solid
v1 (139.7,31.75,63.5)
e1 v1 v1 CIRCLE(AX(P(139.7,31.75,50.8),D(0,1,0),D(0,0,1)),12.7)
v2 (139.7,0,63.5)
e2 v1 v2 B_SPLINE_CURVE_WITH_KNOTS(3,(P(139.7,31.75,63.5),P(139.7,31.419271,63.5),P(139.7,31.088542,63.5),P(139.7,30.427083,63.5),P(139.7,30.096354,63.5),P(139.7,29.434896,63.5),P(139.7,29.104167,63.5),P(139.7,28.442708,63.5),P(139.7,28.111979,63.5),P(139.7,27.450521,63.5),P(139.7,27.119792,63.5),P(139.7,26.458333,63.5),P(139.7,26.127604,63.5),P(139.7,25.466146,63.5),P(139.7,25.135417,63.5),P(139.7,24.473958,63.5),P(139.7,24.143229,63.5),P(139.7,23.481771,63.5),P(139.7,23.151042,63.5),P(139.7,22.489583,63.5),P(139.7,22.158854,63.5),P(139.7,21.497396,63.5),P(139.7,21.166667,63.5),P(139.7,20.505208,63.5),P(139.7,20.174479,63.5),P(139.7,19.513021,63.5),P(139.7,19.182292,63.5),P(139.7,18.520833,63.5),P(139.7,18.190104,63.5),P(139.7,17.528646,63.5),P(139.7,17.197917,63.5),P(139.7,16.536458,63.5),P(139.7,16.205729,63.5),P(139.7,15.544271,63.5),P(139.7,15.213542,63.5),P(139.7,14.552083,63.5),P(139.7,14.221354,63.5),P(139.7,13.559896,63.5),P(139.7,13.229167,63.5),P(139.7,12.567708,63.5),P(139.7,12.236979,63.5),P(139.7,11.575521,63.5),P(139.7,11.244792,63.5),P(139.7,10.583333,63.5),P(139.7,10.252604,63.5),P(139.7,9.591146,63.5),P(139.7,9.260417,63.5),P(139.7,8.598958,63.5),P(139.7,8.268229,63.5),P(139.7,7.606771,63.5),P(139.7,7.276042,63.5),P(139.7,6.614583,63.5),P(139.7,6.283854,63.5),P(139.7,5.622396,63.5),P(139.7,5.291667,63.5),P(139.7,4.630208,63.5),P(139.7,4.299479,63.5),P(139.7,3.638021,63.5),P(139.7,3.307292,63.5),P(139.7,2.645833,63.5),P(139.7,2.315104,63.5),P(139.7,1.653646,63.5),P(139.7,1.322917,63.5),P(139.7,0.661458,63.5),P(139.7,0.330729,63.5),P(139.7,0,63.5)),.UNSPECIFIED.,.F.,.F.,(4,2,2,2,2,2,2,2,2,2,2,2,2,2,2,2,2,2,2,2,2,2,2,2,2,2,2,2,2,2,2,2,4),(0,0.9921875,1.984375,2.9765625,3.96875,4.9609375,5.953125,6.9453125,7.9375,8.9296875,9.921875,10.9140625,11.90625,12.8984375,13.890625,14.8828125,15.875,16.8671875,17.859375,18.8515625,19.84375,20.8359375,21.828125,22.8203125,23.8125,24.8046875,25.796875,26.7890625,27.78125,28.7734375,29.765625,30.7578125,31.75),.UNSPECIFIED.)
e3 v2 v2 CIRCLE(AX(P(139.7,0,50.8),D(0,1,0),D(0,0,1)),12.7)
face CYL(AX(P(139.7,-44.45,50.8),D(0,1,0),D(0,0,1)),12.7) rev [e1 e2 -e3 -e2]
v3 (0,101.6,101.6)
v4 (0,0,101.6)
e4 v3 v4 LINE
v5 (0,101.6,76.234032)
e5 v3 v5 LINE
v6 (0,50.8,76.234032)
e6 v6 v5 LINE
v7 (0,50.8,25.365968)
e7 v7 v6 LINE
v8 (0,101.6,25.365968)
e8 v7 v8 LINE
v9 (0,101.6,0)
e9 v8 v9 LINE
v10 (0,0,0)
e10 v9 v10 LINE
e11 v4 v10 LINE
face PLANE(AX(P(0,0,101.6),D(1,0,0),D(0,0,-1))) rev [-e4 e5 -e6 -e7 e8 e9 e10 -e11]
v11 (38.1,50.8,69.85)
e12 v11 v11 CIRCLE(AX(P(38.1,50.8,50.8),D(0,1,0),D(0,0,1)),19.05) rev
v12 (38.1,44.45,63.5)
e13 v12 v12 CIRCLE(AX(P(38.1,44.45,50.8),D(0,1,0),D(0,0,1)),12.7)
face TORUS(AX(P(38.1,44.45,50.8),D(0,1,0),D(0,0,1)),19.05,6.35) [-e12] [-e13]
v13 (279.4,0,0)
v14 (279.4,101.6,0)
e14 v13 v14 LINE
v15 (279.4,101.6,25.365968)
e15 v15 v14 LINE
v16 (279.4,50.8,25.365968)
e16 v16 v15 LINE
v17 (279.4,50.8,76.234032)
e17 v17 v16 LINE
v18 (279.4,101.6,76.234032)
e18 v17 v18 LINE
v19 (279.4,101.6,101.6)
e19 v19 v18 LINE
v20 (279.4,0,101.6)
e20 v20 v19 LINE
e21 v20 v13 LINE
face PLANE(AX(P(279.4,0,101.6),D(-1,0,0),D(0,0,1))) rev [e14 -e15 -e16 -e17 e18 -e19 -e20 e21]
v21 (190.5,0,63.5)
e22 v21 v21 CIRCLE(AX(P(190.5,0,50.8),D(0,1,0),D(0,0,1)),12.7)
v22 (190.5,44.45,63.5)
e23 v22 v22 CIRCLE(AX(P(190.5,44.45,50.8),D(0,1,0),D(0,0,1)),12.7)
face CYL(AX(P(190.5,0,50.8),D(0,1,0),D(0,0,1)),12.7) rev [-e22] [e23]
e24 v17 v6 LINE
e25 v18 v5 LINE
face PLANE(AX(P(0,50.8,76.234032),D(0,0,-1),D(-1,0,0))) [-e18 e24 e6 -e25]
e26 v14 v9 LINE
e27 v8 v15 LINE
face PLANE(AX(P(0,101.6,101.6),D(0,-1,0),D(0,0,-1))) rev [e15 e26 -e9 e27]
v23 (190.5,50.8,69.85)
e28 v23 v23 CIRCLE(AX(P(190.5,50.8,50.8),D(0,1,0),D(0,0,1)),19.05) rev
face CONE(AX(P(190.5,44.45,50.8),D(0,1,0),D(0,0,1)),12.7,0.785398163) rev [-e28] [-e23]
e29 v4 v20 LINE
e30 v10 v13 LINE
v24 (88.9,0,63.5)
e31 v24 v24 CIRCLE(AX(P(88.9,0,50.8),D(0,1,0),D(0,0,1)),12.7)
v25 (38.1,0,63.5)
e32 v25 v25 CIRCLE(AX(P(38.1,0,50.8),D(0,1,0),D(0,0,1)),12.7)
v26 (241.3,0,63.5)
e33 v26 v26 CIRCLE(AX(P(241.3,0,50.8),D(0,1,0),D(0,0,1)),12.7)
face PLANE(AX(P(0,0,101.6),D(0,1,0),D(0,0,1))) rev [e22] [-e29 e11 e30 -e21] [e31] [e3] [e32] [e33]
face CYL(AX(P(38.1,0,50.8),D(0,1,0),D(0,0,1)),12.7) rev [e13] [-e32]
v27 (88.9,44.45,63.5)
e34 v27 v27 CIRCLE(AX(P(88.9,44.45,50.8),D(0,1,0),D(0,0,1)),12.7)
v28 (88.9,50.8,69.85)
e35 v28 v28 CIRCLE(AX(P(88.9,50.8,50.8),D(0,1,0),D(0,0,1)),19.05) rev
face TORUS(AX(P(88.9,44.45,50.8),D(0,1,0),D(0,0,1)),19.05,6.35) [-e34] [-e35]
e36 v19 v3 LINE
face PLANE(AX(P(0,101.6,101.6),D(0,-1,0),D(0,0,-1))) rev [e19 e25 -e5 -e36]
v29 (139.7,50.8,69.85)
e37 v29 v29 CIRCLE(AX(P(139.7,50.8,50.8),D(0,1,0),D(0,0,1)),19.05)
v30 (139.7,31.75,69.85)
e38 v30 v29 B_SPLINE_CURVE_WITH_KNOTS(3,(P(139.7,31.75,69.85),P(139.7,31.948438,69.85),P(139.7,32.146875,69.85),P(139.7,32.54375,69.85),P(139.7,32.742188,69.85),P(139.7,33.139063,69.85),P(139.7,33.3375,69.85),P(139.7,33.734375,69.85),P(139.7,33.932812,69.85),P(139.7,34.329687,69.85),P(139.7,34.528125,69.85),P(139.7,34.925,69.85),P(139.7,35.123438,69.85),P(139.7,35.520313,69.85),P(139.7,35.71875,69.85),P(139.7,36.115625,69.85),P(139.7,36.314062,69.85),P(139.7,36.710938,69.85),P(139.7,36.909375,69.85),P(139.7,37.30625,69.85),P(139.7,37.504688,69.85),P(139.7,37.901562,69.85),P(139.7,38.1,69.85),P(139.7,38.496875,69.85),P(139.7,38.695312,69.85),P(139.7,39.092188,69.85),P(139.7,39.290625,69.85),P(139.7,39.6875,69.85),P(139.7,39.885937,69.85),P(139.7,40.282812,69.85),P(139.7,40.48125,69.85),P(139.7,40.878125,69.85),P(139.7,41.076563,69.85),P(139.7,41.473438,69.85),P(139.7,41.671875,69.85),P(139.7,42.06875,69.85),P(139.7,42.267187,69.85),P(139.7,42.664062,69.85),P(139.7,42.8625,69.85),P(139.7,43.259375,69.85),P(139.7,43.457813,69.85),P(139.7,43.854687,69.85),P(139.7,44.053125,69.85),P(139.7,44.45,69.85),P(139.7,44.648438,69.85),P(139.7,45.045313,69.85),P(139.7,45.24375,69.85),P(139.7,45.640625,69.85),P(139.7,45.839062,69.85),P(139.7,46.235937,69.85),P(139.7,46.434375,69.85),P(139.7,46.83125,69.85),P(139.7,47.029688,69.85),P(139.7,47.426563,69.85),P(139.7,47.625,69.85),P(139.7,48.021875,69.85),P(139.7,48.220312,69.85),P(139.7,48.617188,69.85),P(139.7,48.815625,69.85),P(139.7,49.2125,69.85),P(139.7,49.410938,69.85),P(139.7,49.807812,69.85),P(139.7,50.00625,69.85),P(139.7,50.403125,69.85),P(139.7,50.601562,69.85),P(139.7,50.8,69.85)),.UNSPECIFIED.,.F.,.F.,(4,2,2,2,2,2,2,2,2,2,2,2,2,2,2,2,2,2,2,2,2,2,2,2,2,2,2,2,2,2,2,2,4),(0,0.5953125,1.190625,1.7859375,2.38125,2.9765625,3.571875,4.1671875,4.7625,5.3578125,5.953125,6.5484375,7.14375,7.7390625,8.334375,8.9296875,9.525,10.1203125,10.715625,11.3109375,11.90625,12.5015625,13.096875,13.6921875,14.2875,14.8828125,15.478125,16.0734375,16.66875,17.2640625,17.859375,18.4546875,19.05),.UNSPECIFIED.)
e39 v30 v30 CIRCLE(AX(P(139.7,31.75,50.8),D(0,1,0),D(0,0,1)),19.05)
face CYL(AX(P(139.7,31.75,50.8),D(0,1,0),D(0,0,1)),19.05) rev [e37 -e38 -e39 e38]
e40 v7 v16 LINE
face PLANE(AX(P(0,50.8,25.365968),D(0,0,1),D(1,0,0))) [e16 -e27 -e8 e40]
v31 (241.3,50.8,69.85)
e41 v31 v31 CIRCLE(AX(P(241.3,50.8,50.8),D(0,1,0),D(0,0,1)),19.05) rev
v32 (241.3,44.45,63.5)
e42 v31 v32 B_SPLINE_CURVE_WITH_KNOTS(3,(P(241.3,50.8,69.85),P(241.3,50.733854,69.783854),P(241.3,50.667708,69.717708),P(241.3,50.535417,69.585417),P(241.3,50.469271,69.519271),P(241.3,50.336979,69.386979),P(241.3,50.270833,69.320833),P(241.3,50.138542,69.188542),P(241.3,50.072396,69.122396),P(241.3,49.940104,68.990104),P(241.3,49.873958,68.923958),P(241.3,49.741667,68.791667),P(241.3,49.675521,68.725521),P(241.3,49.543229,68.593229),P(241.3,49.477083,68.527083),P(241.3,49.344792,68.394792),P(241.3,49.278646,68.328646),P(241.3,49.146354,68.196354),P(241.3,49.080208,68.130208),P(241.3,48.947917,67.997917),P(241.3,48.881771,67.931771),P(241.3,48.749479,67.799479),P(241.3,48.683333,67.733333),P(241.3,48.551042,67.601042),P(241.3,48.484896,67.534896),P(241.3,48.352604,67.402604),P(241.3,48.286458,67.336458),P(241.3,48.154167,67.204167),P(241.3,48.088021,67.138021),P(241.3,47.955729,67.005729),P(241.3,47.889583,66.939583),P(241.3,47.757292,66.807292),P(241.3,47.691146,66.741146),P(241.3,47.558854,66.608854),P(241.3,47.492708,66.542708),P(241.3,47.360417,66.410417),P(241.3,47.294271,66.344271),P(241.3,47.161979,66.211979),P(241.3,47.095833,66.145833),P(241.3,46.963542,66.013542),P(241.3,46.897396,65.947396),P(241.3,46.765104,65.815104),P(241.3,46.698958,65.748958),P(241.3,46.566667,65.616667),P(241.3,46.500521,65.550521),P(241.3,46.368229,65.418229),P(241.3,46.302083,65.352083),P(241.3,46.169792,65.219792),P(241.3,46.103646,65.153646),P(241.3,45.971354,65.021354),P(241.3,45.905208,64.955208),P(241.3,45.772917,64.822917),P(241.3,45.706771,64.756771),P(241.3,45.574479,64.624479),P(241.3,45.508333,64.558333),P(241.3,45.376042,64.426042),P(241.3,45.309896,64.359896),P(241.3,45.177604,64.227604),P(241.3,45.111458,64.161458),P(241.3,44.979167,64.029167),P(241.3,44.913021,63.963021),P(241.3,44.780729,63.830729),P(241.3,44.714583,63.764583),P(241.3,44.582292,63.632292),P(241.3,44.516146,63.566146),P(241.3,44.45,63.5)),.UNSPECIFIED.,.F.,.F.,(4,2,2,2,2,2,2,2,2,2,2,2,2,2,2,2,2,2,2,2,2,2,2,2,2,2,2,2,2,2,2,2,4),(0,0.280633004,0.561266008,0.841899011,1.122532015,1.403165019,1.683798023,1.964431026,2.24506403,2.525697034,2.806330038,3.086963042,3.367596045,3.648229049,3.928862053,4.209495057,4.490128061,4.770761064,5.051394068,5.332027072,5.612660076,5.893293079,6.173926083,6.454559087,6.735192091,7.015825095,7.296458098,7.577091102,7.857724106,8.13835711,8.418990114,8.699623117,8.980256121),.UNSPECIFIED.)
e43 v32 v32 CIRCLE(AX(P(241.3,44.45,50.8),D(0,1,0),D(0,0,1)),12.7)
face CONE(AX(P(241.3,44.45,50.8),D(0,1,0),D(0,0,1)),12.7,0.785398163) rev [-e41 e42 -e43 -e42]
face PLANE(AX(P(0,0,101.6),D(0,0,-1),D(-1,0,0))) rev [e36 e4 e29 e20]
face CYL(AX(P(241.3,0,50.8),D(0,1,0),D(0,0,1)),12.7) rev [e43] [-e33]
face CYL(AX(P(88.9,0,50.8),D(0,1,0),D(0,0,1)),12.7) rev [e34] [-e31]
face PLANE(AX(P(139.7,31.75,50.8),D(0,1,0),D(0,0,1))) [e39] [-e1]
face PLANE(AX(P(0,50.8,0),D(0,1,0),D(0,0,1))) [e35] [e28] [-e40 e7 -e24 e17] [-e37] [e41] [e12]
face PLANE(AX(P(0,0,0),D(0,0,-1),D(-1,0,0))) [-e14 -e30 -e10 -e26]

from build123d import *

# Parameters (mm, degrees)
SKETCH1_W           = 279.4
SKETCH1_H           = 101.6
BOSS_EXTRUDE1_DEPTH = 101.6
SKETCH2_W           = 279.4
SKETCH2_H           = 50.868063328
CUT_EXTRUDE1_DEPTH  = 50.8
SKETCH3_R           = 12.7
CUT_EXTRUDE5_DEPTH  = 50.8
SKETCH7_R           = 19.05
CUT_EXTRUDE6_DEPTH  = 19.05
SKETCH8_R           = 12.7
CUT_EXTRUDE7_DEPTH  = 76.2
FILLET3_R           = 6.35
CHAMFER3_SIZE       = 6.35


with BuildPart() as part:
    # Sketch1 → Boss-Extrude1 (new body)
    with BuildSketch(Plane.XY):
        with Locations((139.7, 50.8)):
            Rectangle(SKETCH1_W, SKETCH1_H)
    extrude(amount=BOSS_EXTRUDE1_DEPTH)

    # Sketch2 → Cut-Extrude1 (cut)
    with BuildSketch(Plane(origin=(0, 101.6, 0), x_dir=(1, 0, 0), z_dir=(0, 1, 0))):
        with Locations((139.7, -50.8)):
            Rectangle(SKETCH2_W, SKETCH2_H)
    extrude(amount=-CUT_EXTRUDE1_DEPTH, mode=Mode.SUBTRACT)

    # Sketch3 → Cut-Extrude5 (cut)
    with BuildSketch(Plane(origin=(0, 50.8, 0), x_dir=(1, 0, 0), z_dir=(0, 1, 0))):
        with Locations(Location((38.1, -50.8, 0), (0, 0, 270))):
            Circle(SKETCH3_R)
        with Locations(Location((88.9, -50.8, 0), (0, 0, 270))):
            Circle(SKETCH3_R)
        with Locations(Location((190.5, -50.8, 0), (0, 0, 270))):
            Circle(SKETCH3_R)
        with Locations(Location((241.3, -50.8, 0), (0, 0, 270))):
            Circle(SKETCH3_R)
    extrude(amount=-CUT_EXTRUDE5_DEPTH, mode=Mode.SUBTRACT)

    # Sketch7 → Cut-Extrude6 (cut)
    with BuildSketch(Plane(origin=(0, 50.8, 0), x_dir=(1, 0, 0), z_dir=(0, 1, 0))):
        with Locations(Location((139.7, -50.8, 0), (0, 0, 270))):
            Circle(SKETCH7_R)
    extrude(amount=-CUT_EXTRUDE6_DEPTH, mode=Mode.SUBTRACT)

    # Sketch8 → Cut-Extrude7 (cut)
    with BuildSketch(Plane(origin=(0, 31.75, 0), x_dir=(1, 0, 0), z_dir=(0, 1, 0))):
        with Locations(Location((139.7, -50.8, 0), (0, 0, 270))):
            Circle(SKETCH8_R)
    extrude(amount=-CUT_EXTRUDE7_DEPTH, mode=Mode.SUBTRACT)

    # Fillet3
    fillet3_edges = [part.edges().sort_by_distance(p)[0] for p in [
        (38.1, 50.8, 38.1),
        (88.9, 50.8, 38.1),
    ]]
    fillet(fillet3_edges, radius=FILLET3_R)

    # Chamfer3
    chamfer3_edges = [part.edges().sort_by_distance(p)[0] for p in [
        (190.5, 50.8, 38.1),
        (241.3, 50.8, 38.1),
    ]]
    chamfer(chamfer3_edges, length=CHAMFER3_SIZE)


solid = part.part
